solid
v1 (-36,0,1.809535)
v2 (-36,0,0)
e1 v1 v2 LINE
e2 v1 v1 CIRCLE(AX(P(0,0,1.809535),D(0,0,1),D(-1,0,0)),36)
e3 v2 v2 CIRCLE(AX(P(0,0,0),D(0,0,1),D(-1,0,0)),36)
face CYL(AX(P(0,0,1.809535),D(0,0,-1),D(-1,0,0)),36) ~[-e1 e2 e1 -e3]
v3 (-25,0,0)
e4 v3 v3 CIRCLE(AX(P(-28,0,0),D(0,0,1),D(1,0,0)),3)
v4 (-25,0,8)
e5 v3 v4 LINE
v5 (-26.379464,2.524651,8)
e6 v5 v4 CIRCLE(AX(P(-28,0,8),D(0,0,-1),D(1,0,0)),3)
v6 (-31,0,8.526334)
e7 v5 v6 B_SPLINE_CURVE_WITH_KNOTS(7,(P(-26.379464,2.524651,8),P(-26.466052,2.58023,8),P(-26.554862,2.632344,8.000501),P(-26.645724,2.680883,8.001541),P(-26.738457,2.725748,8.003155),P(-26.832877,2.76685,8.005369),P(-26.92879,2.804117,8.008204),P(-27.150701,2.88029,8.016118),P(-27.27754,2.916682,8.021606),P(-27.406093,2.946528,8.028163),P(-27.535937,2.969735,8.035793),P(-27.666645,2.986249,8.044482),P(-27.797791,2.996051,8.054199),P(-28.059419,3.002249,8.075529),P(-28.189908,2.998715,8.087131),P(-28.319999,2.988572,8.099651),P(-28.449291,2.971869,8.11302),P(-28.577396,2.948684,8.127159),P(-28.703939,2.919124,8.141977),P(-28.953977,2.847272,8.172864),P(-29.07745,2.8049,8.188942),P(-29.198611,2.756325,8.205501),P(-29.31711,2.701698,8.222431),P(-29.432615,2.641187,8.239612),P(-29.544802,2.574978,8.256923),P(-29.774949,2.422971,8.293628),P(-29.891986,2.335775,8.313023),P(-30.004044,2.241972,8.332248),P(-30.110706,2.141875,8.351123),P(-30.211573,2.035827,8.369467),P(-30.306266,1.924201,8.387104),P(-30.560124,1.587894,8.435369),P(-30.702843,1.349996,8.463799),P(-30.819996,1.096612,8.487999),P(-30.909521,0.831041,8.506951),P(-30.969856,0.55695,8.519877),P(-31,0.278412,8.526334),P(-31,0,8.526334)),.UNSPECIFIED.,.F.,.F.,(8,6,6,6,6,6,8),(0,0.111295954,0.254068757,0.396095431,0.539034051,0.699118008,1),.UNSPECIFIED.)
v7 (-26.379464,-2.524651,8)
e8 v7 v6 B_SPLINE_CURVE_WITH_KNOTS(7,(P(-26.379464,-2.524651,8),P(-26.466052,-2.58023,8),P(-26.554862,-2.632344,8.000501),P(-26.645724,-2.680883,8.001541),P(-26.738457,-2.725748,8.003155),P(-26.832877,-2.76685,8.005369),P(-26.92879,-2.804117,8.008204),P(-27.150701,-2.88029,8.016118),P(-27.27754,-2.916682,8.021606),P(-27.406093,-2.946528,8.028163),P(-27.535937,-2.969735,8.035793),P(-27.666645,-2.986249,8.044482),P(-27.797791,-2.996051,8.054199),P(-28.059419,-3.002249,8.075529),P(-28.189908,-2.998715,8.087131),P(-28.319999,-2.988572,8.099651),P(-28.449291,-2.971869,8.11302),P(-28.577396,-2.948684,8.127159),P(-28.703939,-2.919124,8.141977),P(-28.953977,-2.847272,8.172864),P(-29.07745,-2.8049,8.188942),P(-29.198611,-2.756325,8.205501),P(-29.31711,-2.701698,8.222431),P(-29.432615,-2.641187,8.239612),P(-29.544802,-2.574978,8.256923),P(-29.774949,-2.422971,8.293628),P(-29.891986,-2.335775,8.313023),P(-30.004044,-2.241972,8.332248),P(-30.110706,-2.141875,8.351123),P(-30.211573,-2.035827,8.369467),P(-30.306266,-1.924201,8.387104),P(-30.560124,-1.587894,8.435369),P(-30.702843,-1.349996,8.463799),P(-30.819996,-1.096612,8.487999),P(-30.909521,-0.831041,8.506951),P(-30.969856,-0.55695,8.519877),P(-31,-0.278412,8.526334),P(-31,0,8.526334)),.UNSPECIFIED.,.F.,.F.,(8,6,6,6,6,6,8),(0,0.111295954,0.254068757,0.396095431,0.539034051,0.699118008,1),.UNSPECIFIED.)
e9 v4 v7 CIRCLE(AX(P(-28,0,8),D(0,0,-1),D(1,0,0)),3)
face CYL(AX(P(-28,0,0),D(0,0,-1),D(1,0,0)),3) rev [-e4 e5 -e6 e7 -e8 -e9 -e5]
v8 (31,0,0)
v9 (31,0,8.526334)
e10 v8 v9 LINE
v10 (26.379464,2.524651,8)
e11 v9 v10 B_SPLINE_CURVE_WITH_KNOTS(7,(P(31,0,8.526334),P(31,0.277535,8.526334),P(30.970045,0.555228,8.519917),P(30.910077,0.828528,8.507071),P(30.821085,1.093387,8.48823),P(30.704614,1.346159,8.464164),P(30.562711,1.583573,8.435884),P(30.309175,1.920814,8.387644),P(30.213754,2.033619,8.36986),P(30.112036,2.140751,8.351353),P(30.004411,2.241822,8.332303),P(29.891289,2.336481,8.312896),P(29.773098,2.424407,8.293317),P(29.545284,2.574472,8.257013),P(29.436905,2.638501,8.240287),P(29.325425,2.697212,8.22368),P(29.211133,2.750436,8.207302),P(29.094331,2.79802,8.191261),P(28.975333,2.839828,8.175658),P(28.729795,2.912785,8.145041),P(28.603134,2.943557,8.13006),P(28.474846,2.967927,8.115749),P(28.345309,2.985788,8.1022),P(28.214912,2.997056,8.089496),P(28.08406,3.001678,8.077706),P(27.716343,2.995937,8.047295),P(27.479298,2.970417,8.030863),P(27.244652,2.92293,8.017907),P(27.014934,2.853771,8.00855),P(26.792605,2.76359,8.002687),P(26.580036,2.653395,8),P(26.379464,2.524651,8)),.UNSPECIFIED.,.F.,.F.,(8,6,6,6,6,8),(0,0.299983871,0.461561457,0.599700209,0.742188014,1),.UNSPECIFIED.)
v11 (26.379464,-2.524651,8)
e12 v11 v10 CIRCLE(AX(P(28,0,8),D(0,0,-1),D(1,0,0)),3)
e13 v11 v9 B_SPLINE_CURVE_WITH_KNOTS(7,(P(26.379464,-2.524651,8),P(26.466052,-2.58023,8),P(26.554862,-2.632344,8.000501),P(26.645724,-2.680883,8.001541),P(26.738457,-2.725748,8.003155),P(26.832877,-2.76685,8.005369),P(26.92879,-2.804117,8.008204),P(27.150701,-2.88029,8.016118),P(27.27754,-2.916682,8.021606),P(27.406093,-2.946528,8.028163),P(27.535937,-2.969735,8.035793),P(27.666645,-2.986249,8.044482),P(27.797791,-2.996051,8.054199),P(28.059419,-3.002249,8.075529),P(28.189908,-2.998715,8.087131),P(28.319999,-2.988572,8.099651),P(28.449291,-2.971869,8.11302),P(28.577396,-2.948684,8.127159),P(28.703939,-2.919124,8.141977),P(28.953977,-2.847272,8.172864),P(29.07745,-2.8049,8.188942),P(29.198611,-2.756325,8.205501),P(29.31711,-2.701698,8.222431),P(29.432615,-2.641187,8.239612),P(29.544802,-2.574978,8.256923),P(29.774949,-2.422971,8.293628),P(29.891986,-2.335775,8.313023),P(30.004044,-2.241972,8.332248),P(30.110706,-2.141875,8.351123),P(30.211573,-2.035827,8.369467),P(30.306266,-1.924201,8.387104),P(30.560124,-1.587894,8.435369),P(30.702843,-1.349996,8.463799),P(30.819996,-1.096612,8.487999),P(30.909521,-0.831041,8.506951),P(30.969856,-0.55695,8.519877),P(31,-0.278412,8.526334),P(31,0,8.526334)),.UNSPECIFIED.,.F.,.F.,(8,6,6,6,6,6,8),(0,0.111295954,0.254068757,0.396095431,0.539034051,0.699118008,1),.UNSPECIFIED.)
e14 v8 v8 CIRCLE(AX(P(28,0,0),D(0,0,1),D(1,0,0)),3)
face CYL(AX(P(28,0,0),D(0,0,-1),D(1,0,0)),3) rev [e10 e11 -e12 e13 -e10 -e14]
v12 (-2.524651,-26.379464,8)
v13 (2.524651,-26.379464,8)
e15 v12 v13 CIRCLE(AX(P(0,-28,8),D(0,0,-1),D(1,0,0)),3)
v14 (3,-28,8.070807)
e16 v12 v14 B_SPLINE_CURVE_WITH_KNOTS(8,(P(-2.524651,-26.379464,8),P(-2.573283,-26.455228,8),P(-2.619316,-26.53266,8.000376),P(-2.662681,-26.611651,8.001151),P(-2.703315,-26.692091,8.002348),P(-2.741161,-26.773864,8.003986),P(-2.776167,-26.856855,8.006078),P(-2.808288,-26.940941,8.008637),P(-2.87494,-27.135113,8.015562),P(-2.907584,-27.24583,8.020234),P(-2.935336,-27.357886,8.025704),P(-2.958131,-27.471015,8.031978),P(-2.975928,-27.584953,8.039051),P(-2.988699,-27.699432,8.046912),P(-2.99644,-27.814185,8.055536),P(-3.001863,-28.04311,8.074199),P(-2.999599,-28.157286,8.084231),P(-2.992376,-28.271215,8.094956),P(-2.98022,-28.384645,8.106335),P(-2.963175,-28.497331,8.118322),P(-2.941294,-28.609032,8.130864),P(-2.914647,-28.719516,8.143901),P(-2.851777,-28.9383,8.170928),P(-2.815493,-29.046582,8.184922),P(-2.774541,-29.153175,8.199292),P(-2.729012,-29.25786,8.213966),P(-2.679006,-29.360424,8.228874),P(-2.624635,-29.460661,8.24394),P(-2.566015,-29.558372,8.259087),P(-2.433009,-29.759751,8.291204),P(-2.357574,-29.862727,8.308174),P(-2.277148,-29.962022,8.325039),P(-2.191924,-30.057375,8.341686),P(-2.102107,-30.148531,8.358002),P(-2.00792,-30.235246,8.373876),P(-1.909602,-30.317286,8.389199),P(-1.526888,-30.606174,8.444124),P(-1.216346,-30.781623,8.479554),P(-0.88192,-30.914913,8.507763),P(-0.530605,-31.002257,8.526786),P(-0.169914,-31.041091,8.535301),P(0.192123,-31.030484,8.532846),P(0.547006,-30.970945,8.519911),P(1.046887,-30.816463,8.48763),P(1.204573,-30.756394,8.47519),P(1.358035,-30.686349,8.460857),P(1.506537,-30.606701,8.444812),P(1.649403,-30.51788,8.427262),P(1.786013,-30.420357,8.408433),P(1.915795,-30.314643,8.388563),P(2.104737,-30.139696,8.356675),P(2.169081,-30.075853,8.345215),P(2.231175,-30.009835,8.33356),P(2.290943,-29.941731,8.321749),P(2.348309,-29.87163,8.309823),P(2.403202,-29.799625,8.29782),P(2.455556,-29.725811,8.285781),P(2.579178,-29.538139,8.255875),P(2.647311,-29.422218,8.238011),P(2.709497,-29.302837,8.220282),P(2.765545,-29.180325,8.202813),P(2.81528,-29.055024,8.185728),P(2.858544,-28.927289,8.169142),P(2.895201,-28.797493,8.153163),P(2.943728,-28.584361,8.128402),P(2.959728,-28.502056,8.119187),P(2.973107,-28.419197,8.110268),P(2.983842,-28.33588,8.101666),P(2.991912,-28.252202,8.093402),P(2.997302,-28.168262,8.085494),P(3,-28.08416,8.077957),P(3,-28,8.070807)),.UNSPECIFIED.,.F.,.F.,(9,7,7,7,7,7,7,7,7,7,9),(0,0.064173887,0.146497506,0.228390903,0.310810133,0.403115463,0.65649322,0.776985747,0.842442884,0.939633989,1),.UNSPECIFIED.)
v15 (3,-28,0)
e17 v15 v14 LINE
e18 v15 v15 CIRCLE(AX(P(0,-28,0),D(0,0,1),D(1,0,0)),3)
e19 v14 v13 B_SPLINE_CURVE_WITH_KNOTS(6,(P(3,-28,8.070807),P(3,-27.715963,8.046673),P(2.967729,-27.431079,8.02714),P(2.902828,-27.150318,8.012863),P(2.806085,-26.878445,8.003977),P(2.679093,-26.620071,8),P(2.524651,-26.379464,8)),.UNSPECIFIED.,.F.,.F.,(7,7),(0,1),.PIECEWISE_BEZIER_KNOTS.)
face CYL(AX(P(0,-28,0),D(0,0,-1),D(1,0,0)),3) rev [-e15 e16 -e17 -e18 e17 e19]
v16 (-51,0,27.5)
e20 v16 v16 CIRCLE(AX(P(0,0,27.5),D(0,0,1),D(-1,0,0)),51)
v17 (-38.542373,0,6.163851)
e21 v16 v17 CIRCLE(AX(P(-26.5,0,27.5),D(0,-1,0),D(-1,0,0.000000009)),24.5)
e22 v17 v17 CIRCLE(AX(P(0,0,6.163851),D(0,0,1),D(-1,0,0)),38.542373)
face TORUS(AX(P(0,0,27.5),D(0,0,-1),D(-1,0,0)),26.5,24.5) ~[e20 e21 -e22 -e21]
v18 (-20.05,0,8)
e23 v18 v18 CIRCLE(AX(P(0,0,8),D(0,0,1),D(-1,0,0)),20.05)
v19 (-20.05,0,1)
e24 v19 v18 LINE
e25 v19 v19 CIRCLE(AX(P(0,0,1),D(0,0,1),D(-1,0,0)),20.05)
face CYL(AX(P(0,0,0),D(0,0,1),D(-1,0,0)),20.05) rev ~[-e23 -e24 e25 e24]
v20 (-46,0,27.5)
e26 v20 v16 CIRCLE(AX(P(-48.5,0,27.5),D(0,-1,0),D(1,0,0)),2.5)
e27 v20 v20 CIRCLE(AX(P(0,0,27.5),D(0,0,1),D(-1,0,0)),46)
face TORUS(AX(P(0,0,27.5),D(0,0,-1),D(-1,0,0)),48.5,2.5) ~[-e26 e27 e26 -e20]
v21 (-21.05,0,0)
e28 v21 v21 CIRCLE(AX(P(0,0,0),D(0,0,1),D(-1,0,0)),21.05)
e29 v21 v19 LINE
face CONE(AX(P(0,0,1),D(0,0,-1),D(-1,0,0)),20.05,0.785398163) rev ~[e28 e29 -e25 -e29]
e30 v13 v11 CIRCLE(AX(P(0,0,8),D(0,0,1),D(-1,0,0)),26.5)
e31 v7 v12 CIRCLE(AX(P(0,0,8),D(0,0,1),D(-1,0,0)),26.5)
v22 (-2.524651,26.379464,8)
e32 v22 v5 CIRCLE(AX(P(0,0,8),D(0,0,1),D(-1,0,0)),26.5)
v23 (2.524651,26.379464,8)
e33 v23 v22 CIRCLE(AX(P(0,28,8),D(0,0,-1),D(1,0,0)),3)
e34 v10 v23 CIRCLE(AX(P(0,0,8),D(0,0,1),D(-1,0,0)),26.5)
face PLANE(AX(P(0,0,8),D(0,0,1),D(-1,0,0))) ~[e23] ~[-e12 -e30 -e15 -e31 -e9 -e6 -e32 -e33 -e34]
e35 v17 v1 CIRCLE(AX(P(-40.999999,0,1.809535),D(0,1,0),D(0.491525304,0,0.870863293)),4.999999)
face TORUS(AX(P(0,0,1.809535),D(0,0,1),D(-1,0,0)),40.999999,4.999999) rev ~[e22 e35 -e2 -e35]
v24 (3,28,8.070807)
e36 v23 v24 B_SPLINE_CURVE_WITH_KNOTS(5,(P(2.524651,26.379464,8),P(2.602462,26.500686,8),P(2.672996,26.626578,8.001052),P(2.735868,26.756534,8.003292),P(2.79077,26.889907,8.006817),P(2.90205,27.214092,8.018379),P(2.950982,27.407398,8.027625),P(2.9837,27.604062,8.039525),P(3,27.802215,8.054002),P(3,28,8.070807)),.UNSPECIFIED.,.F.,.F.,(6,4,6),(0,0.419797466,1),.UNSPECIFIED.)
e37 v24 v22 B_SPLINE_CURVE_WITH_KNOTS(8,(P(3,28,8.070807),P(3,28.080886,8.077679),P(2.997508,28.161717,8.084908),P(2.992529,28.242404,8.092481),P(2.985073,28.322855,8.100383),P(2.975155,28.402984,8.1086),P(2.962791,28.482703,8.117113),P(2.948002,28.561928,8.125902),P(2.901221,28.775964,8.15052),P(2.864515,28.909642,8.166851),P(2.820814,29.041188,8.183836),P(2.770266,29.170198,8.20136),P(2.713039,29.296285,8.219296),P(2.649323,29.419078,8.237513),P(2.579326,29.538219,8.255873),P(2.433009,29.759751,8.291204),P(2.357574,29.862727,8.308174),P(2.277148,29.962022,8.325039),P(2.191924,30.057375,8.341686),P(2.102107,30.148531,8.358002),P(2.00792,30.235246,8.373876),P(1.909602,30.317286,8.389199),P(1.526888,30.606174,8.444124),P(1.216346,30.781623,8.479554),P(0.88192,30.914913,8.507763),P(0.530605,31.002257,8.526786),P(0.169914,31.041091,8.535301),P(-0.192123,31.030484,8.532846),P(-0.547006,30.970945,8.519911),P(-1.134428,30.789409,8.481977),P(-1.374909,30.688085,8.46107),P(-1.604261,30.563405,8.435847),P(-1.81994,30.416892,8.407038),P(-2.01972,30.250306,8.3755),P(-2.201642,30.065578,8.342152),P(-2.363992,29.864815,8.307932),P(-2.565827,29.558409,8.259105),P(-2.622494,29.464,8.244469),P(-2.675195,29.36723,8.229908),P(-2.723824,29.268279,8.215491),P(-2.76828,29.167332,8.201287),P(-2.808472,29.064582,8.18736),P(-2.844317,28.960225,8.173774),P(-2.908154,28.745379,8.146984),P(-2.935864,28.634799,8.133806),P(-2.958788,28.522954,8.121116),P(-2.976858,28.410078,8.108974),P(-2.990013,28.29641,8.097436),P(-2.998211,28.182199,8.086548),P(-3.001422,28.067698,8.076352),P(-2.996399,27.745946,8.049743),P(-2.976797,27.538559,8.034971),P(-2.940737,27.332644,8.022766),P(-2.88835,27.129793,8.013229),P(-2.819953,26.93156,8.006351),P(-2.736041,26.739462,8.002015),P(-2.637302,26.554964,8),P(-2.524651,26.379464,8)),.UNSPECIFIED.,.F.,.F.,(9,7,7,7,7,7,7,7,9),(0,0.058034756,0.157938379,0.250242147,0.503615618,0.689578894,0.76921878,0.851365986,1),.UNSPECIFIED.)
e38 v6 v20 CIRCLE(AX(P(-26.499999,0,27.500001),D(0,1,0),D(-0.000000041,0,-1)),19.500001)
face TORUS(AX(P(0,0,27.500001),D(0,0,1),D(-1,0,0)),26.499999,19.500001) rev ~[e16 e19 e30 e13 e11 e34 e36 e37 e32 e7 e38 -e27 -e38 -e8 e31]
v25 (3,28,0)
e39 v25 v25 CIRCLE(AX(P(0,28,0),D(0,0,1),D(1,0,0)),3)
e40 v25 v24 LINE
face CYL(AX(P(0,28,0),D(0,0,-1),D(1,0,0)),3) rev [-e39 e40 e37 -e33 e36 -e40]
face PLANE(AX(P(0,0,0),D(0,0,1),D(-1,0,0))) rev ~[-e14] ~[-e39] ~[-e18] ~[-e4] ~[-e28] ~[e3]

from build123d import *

# Parameters (mm, degrees)
F2_SIZE  = 1
F3_R     = 3
F4_DEPTH = 25


with BuildPart() as f1:
    # F0 (on Front) → F1 (revolve)
    with BuildSketch(Plane.XZ):
        with BuildLine():
            Line((-36, 0), (-20.05, 0))
            Line((-20.05, 0), (-20.05, 8))
            Line((-20.05, 8), (-26.5, 8))
            ThreePointArc((-26.5, 8), (-40.288582, 13.711418), (-46, 27.5))
            ThreePointArc((-46, 27.5), (-48.5, 30), (-51, 27.5))
            ThreePointArc((-51, 27.5), (-47.657601, 15.146623), (-38.542373, 6.163851))
            ThreePointArc((-38.542373, 6.163851), (-36.682122, 4.330632), (-36, 1.809535))
            Line((-36, 1.809535), (-36, 0))
        make_face()
    revolve(axis=Axis((0, 0, 4), (0, 0, 1)))

    # F2
    f2_edges = [f1.edges().sort_by_distance(p)[0] for p in [
        (20.05, 0, 0),
    ]]
    chamfer(f2_edges, length=F2_SIZE)

    # F3 (on Top) → F4 (cut)
    with BuildSketch(Plane.XY):
        with Locations((-28, 0)):
            Circle(F3_R)
        with Locations((0, 28)):
            Circle(F3_R)
        with Locations((28, 0)):
            Circle(F3_R)
        with Locations((0, -28)):
            Circle(F3_R)
    extrude(amount=F4_DEPTH, mode=Mode.SUBTRACT)


solid = f1.part
